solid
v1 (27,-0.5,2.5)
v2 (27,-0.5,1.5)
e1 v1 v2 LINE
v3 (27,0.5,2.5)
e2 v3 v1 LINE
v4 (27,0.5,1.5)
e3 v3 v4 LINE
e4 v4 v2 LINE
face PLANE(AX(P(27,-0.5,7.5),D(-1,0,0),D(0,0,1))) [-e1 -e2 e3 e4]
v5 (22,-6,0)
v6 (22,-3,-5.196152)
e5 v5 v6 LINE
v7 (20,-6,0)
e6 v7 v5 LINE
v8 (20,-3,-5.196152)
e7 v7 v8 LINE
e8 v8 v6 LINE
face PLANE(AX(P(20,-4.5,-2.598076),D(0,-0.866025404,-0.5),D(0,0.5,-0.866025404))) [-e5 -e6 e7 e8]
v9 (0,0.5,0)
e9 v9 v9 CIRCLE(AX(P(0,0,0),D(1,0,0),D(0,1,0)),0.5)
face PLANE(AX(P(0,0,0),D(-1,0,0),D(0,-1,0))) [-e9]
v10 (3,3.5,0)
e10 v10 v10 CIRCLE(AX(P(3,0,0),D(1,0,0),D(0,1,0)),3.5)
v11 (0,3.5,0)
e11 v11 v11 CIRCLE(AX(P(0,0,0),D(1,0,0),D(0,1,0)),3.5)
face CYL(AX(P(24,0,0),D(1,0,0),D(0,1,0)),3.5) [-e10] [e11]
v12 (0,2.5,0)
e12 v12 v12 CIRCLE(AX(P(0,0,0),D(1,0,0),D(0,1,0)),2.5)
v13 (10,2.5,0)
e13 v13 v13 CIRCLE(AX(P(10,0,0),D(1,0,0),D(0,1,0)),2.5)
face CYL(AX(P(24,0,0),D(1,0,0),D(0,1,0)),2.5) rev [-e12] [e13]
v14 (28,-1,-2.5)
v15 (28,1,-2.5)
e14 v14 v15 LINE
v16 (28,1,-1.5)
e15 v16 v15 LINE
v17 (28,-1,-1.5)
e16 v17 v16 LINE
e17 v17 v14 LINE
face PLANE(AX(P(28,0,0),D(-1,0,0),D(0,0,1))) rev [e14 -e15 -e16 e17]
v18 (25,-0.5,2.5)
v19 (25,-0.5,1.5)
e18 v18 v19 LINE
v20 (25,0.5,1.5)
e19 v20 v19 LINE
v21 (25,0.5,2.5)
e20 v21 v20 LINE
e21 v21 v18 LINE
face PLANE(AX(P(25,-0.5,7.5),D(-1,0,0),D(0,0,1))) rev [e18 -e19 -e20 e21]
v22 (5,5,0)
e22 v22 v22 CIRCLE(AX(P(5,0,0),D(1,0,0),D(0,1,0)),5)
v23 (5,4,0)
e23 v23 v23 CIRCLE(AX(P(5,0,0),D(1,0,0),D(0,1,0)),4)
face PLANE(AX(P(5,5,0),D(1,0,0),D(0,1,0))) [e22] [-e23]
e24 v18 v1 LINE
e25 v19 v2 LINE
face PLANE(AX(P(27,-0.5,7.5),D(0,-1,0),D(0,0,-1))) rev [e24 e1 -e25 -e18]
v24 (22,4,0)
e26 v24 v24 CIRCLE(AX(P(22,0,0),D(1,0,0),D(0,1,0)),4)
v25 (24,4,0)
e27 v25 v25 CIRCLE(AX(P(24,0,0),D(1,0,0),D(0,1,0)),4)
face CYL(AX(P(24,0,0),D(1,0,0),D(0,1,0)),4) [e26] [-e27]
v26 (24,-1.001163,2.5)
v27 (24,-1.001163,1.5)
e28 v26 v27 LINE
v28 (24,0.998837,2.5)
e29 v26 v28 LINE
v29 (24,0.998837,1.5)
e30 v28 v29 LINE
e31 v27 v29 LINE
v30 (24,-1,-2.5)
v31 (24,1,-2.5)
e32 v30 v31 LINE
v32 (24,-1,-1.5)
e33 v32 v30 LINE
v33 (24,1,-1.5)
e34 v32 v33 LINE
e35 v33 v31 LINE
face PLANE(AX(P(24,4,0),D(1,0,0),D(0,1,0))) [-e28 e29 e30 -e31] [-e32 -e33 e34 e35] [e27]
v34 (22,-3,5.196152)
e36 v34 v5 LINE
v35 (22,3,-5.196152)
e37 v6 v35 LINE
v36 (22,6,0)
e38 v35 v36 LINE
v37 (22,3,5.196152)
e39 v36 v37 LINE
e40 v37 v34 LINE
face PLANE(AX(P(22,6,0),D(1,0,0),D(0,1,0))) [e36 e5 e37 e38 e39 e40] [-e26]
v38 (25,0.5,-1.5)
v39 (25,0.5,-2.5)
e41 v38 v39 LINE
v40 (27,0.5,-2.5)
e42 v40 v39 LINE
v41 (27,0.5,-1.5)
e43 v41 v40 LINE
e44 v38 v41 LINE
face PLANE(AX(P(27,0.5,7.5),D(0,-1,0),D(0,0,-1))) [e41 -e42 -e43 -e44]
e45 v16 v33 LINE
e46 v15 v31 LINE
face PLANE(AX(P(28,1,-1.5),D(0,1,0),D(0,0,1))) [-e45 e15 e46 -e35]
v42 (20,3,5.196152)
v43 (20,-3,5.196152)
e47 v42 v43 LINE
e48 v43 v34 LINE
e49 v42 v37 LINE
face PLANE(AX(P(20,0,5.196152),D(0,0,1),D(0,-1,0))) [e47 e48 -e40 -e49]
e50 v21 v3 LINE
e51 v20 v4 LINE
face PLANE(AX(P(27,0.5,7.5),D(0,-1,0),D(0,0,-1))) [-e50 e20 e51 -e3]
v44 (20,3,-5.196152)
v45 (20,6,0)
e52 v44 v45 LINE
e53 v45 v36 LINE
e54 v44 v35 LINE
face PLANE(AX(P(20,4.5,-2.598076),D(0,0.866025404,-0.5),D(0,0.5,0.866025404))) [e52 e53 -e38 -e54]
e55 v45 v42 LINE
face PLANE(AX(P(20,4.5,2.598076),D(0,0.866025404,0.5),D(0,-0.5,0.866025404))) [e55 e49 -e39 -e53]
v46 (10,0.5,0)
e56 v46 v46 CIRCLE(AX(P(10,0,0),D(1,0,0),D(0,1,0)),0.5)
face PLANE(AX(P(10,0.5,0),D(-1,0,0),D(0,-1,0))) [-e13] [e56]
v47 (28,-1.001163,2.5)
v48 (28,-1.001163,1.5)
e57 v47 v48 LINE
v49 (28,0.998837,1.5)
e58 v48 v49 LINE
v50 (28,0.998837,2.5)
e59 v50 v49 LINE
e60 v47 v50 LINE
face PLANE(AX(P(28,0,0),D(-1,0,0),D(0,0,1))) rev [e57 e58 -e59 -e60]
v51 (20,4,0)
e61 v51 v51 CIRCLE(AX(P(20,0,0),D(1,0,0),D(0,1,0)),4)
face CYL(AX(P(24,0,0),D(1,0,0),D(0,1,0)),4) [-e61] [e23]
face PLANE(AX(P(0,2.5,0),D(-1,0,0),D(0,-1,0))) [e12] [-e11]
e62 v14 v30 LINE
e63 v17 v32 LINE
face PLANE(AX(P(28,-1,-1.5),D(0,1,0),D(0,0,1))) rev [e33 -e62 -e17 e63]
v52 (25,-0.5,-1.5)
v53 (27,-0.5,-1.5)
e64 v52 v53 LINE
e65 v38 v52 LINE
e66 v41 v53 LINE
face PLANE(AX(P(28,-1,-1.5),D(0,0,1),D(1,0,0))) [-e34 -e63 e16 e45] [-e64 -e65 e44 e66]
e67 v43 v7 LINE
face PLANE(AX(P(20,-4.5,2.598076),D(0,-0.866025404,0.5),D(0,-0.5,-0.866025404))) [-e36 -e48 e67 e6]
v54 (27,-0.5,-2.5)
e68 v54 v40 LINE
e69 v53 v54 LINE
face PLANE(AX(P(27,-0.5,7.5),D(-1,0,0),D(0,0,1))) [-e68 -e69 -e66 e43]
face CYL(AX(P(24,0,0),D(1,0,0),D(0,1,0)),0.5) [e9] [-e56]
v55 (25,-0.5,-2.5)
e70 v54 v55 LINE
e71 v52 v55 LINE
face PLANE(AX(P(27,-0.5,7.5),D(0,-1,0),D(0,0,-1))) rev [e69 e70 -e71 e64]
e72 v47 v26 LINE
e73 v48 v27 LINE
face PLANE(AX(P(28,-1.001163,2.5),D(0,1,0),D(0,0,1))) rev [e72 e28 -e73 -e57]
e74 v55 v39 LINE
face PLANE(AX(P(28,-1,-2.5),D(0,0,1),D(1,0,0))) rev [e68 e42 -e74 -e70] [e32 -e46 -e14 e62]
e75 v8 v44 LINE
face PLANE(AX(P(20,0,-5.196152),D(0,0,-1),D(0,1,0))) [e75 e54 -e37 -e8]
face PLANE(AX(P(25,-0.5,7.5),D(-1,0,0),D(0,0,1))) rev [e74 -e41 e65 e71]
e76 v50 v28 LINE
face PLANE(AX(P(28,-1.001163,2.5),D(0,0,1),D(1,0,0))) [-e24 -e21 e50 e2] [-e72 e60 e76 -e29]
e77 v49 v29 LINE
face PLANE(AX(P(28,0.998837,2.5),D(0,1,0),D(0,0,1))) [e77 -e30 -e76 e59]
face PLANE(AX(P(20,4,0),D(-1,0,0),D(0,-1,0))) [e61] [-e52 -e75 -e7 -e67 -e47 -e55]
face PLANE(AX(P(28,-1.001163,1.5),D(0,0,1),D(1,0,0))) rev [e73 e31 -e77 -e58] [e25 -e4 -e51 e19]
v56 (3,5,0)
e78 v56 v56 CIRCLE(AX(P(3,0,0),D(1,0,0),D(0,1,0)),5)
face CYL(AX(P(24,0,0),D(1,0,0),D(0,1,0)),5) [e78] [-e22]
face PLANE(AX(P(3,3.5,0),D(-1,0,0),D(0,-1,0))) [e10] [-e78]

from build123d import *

# Parameters (mm, degrees)
CORTAR_EXTRUIR2_DEPTH   = 2
CROQUIS3_W              = 1
CROQUIS3_H              = 2
SALIENTE_EXTRUIR1_DEPTH = 4
CROQUIS5_W              = 2
CROQUIS5_H              = 1
CORTAR_EXTRUIR3_DEPTH   = 10


with BuildPart() as part:
    # Croquis1 → Revolución1 (revolve)
    with BuildSketch(Plane.XY):
        Polygon((0, 0), (0, 0.5), (10, 0.5), (10, 2.5), (0, 2.5), (0, 3.5), (3, 3.5), (3, 5), (5, 5), (5, 4), (20, 4), (20, 6), (22, 6), (22, 4), (24, 4), (24, 0), align=None)
    revolve(axis=Axis((24, 0, 0), (-1, 0, 0)))

    # Croquis2 → Cortar-Extruir2 (cut)
    with BuildSketch(Plane(origin=(22, 0, 0), x_dir=(0, 0, -1), z_dir=(1, 0, 0))):
        with BuildLine():
            ThreePointArc((5.196152423, 3), (3, 5.196152423), (0, 6))
            Line((0, 6), (5.196152423, 3))
        make_face()
        with BuildLine():
            Line((-5.196152423, 3), (0, 6))
            ThreePointArc((0, 6), (-3, 5.196152423), (-5.196152423, 3))
        make_face()
        with BuildLine():
            Line((-5.196152423, -3), (-5.196152423, 3))
            ThreePointArc((-5.196152423, 3), (-6, 0), (-5.196152423, -3))
        make_face()
        with BuildLine():
            ThreePointArc((5.196152423, -3), (6, 0), (5.196152423, 3))
            Line((5.196152423, 3), (5.196152423, -3))
        make_face()
        with BuildLine():
            Line((0, -6), (-5.196152423, -3))
            ThreePointArc((-5.196152423, -3), (-3, -5.196152423), (0, -6))
        make_face()
        with BuildLine():
            ThreePointArc((0, -6), (3, -5.196152423), (5.196152423, -3))
            Line((5.196152423, -3), (0, -6))
        make_face()
    extrude(amount=-CORTAR_EXTRUIR2_DEPTH, mode=Mode.SUBTRACT)

    # Croquis3 → Saliente-Extruir1 (add)
    with BuildSketch(Plane(origin=(24, 0, 0), x_dir=(0, 0, -1), z_dir=(1, 0, 0))):
        with Locations((-2, -0.001163142)):
            Rectangle(CROQUIS3_W, CROQUIS3_H)
        with Locations((2, 0)):
            Rectangle(CROQUIS3_W, CROQUIS3_H)
    extrude(amount=SALIENTE_EXTRUIR1_DEPTH)

    # Croquis5 → Cortar-Extruir3 (cut)
    with BuildSketch(Plane(origin=(0, 0, -2.5), x_dir=(-1, 0, 0), z_dir=(0, 0, -1))):
        with Locations((-26, 0)):
            Rectangle(CROQUIS5_W, CROQUIS5_H)
    extrude(amount=-CORTAR_EXTRUIR3_DEPTH, mode=Mode.SUBTRACT)


solid = part.part
